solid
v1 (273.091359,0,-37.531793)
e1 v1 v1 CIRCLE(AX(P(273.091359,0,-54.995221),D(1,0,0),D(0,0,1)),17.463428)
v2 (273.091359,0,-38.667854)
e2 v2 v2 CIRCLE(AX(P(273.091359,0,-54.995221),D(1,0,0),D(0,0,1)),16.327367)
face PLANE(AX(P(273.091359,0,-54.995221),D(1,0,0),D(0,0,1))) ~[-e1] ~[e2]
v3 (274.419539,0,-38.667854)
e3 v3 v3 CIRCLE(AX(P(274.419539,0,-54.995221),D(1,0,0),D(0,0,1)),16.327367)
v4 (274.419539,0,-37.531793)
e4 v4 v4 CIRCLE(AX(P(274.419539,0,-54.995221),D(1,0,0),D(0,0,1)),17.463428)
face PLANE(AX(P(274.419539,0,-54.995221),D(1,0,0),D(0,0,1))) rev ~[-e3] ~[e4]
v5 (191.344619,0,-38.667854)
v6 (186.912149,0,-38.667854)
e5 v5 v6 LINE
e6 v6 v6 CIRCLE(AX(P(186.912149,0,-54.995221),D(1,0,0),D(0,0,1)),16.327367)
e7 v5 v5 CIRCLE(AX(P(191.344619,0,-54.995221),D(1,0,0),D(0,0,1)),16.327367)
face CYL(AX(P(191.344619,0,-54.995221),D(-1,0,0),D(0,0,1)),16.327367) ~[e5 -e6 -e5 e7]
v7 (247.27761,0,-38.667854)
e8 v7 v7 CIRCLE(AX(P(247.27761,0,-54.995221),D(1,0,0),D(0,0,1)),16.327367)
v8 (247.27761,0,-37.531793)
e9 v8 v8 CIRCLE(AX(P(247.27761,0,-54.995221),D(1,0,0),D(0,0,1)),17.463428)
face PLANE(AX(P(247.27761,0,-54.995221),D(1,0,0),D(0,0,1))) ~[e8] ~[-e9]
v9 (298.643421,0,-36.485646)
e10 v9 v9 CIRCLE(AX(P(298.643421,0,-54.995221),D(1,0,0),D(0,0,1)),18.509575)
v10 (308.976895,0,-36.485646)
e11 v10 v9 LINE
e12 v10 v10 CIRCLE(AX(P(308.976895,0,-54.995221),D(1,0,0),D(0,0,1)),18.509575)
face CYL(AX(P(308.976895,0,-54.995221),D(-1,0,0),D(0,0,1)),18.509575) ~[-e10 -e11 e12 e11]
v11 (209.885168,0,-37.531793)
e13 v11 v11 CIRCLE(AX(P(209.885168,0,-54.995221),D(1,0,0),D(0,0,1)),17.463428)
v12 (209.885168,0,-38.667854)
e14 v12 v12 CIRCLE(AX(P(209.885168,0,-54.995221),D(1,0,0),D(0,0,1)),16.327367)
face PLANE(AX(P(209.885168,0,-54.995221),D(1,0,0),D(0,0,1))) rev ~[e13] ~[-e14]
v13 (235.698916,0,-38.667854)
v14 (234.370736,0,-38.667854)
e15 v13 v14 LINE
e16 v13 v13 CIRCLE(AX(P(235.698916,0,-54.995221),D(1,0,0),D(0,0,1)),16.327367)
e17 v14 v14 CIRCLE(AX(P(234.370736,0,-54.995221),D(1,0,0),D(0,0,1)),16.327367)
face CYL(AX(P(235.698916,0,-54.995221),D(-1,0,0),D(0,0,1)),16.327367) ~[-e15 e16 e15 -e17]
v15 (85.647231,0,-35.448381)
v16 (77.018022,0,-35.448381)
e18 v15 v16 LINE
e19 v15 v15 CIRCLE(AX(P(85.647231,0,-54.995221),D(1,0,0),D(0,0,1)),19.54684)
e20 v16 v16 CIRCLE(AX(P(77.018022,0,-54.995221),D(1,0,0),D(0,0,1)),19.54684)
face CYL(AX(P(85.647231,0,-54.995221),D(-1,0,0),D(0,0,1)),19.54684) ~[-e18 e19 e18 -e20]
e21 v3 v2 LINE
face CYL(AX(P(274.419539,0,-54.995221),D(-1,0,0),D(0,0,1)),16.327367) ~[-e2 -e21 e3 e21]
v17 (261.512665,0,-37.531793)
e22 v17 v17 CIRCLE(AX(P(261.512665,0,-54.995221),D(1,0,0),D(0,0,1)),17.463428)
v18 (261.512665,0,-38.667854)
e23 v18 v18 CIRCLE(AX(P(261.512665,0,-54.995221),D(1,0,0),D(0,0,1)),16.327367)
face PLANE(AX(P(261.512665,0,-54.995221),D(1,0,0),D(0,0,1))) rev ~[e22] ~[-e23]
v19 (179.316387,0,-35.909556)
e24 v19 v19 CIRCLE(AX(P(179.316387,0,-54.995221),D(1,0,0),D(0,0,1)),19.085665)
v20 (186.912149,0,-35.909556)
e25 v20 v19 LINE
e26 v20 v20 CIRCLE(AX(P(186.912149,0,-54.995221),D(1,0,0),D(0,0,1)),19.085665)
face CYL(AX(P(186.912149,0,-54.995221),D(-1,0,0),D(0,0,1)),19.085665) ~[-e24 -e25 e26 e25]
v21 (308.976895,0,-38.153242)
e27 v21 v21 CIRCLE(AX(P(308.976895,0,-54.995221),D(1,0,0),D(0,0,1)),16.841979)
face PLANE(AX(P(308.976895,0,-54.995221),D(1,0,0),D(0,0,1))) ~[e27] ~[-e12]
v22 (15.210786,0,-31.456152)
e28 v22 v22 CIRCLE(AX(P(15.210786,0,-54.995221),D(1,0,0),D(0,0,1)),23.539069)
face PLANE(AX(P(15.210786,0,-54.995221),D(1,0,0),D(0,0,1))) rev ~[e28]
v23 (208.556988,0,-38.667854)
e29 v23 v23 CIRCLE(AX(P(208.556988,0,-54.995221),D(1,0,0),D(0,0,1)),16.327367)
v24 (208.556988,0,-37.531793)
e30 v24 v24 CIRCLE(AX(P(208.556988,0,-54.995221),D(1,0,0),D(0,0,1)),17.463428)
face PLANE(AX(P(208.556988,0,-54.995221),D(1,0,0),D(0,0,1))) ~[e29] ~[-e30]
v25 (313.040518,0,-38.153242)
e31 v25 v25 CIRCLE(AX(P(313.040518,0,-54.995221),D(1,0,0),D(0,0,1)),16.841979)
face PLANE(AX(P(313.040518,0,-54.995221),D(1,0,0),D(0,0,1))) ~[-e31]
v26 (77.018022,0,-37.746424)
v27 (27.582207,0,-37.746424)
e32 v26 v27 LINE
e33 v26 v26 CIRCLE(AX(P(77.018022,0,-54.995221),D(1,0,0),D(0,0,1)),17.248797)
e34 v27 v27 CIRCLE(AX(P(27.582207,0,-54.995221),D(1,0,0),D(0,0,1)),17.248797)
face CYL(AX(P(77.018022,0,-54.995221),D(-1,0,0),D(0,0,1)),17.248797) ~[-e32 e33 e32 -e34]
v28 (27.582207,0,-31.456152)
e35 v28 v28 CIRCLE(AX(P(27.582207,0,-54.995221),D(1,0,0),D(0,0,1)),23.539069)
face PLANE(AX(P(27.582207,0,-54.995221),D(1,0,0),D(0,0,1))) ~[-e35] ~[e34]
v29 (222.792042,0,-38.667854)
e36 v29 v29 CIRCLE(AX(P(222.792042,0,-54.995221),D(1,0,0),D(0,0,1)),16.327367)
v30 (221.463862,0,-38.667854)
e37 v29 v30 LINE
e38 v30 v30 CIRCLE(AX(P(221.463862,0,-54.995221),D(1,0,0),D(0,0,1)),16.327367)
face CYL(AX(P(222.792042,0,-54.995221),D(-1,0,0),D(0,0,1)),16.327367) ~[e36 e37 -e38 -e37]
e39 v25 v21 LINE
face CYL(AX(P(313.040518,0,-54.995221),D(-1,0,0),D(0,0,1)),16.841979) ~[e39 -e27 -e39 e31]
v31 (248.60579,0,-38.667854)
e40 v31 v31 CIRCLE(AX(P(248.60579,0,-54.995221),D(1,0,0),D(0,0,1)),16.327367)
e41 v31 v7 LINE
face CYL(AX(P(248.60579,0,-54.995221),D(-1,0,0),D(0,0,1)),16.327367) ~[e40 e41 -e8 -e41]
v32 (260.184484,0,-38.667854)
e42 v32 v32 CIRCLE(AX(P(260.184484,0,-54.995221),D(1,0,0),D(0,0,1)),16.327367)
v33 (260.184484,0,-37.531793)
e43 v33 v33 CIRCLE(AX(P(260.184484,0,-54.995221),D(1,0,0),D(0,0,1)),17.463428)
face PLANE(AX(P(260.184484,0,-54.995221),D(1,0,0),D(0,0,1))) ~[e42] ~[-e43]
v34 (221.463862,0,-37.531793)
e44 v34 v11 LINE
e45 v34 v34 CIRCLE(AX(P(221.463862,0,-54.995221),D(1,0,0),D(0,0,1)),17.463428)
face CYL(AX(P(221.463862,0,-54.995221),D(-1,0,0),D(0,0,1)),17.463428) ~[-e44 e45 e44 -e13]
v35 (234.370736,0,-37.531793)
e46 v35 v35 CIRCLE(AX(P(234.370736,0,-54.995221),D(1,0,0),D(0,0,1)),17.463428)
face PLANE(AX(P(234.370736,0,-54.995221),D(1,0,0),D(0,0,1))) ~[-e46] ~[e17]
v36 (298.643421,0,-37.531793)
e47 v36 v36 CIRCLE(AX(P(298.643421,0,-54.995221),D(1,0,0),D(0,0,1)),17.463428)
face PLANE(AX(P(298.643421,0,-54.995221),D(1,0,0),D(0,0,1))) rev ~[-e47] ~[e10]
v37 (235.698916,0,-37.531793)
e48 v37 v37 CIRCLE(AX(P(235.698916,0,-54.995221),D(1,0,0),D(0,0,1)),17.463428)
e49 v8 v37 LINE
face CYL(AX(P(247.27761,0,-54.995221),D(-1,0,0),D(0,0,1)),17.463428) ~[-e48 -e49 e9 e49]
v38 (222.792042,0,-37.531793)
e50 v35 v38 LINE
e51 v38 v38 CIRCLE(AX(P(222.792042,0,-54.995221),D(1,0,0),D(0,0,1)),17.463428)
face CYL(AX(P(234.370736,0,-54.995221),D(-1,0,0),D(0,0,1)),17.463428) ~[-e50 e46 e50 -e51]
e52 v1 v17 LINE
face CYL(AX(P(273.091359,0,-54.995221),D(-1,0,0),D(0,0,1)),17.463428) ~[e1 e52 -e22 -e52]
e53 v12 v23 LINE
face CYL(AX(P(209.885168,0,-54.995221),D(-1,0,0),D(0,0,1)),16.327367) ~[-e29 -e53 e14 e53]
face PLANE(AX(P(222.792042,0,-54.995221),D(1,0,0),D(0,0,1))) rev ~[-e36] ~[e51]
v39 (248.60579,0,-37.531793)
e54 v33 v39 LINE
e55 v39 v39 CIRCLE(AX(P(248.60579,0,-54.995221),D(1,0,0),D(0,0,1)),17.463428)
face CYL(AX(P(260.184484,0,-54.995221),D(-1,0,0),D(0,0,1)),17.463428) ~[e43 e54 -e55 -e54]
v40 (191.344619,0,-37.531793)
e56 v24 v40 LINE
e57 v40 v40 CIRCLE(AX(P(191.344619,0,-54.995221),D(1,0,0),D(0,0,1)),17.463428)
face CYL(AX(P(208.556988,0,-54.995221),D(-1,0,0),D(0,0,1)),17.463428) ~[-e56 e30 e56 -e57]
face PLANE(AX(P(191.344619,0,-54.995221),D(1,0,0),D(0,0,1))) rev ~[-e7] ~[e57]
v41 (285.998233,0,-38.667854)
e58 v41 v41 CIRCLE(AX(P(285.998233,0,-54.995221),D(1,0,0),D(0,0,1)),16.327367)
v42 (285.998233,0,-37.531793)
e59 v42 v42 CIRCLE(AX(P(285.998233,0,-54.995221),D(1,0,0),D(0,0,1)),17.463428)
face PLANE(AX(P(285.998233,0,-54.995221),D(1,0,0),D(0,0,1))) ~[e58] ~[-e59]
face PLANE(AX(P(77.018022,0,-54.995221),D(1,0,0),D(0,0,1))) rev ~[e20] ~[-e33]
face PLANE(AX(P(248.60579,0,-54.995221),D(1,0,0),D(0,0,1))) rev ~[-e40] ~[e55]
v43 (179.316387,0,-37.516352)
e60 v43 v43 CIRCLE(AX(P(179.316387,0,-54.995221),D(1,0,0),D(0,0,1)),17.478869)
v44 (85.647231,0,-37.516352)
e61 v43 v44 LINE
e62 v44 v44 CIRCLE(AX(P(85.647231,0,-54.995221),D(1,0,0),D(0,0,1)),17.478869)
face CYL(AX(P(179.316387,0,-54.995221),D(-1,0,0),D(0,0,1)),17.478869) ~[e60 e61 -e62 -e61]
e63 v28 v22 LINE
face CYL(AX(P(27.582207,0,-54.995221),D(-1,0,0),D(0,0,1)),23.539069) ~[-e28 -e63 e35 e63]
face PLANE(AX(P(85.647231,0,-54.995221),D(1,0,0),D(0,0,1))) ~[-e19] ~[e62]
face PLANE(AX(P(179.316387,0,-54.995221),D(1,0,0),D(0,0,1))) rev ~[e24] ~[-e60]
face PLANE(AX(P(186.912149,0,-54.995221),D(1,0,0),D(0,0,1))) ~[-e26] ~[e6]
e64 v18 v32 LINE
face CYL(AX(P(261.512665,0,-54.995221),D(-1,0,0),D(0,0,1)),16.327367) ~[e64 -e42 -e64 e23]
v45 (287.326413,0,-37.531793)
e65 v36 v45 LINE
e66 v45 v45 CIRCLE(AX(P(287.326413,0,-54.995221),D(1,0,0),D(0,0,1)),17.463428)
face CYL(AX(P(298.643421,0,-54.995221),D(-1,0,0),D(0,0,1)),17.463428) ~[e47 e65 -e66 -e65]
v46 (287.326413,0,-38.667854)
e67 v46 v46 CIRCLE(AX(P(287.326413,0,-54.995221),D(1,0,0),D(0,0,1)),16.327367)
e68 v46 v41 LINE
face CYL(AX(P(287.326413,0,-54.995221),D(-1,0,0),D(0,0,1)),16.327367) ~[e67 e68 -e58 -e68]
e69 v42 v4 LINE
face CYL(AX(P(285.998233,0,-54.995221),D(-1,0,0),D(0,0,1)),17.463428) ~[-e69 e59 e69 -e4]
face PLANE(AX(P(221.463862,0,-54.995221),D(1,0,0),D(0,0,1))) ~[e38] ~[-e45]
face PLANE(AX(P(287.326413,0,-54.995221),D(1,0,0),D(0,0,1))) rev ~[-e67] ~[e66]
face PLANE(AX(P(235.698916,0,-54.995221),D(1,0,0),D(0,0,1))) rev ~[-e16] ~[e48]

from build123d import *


with BuildPart() as f1:
    # F0 (on Front) → F1 (revolve)
    with BuildSketch(Plane.XZ):
        Polygon((15.210786, -31.456152), (15.210786, -54.995221), (313.040518, -54.995221), (313.040518, -38.153242), (308.976895, -38.153242), (308.976895, -36.485646), (298.643421, -36.485646), (298.643421, -37.531793), (287.326413, -37.531793), (287.326413, -38.667854), (285.998233, -38.667854), (285.998233, -37.531793), (274.419539, -37.531793), (274.419539, -38.667854), (273.091359, -38.667854), (273.091359, -37.531793), (261.512665, -37.531793), (261.512665, -38.667854), (260.184484, -38.667854), (260.184484, -37.531793), (248.60579, -37.531793), (248.60579, -38.667854), (247.27761, -38.667854), (247.27761, -37.531793), (235.698916, -37.531793), (235.698916, -38.667854), (234.370736, -38.667854), (234.370736, -37.531793), (222.792042, -37.531793), (222.792042, -38.667854), (221.463862, -38.667854), (221.463862, -37.531793), (209.885168, -37.531793), (209.885168, -38.667854), (208.556988, -38.667854), (208.556988, -37.531793), (191.344619, -37.531793), (191.344619, -38.667854), (186.912149, -38.667854), (186.912149, -35.909556), (179.316387, -35.909556), (179.316387, -37.516352), (85.647231, -37.516352), (85.647231, -35.448381), (77.018022, -35.448381), (77.018022, -37.746424), (27.582207, -37.746424), (27.582207, -31.456152), align=None)
    revolve(axis=Axis((163.084014, 0, -54.995221), (1, 0, 0)))


solid = f1.part
